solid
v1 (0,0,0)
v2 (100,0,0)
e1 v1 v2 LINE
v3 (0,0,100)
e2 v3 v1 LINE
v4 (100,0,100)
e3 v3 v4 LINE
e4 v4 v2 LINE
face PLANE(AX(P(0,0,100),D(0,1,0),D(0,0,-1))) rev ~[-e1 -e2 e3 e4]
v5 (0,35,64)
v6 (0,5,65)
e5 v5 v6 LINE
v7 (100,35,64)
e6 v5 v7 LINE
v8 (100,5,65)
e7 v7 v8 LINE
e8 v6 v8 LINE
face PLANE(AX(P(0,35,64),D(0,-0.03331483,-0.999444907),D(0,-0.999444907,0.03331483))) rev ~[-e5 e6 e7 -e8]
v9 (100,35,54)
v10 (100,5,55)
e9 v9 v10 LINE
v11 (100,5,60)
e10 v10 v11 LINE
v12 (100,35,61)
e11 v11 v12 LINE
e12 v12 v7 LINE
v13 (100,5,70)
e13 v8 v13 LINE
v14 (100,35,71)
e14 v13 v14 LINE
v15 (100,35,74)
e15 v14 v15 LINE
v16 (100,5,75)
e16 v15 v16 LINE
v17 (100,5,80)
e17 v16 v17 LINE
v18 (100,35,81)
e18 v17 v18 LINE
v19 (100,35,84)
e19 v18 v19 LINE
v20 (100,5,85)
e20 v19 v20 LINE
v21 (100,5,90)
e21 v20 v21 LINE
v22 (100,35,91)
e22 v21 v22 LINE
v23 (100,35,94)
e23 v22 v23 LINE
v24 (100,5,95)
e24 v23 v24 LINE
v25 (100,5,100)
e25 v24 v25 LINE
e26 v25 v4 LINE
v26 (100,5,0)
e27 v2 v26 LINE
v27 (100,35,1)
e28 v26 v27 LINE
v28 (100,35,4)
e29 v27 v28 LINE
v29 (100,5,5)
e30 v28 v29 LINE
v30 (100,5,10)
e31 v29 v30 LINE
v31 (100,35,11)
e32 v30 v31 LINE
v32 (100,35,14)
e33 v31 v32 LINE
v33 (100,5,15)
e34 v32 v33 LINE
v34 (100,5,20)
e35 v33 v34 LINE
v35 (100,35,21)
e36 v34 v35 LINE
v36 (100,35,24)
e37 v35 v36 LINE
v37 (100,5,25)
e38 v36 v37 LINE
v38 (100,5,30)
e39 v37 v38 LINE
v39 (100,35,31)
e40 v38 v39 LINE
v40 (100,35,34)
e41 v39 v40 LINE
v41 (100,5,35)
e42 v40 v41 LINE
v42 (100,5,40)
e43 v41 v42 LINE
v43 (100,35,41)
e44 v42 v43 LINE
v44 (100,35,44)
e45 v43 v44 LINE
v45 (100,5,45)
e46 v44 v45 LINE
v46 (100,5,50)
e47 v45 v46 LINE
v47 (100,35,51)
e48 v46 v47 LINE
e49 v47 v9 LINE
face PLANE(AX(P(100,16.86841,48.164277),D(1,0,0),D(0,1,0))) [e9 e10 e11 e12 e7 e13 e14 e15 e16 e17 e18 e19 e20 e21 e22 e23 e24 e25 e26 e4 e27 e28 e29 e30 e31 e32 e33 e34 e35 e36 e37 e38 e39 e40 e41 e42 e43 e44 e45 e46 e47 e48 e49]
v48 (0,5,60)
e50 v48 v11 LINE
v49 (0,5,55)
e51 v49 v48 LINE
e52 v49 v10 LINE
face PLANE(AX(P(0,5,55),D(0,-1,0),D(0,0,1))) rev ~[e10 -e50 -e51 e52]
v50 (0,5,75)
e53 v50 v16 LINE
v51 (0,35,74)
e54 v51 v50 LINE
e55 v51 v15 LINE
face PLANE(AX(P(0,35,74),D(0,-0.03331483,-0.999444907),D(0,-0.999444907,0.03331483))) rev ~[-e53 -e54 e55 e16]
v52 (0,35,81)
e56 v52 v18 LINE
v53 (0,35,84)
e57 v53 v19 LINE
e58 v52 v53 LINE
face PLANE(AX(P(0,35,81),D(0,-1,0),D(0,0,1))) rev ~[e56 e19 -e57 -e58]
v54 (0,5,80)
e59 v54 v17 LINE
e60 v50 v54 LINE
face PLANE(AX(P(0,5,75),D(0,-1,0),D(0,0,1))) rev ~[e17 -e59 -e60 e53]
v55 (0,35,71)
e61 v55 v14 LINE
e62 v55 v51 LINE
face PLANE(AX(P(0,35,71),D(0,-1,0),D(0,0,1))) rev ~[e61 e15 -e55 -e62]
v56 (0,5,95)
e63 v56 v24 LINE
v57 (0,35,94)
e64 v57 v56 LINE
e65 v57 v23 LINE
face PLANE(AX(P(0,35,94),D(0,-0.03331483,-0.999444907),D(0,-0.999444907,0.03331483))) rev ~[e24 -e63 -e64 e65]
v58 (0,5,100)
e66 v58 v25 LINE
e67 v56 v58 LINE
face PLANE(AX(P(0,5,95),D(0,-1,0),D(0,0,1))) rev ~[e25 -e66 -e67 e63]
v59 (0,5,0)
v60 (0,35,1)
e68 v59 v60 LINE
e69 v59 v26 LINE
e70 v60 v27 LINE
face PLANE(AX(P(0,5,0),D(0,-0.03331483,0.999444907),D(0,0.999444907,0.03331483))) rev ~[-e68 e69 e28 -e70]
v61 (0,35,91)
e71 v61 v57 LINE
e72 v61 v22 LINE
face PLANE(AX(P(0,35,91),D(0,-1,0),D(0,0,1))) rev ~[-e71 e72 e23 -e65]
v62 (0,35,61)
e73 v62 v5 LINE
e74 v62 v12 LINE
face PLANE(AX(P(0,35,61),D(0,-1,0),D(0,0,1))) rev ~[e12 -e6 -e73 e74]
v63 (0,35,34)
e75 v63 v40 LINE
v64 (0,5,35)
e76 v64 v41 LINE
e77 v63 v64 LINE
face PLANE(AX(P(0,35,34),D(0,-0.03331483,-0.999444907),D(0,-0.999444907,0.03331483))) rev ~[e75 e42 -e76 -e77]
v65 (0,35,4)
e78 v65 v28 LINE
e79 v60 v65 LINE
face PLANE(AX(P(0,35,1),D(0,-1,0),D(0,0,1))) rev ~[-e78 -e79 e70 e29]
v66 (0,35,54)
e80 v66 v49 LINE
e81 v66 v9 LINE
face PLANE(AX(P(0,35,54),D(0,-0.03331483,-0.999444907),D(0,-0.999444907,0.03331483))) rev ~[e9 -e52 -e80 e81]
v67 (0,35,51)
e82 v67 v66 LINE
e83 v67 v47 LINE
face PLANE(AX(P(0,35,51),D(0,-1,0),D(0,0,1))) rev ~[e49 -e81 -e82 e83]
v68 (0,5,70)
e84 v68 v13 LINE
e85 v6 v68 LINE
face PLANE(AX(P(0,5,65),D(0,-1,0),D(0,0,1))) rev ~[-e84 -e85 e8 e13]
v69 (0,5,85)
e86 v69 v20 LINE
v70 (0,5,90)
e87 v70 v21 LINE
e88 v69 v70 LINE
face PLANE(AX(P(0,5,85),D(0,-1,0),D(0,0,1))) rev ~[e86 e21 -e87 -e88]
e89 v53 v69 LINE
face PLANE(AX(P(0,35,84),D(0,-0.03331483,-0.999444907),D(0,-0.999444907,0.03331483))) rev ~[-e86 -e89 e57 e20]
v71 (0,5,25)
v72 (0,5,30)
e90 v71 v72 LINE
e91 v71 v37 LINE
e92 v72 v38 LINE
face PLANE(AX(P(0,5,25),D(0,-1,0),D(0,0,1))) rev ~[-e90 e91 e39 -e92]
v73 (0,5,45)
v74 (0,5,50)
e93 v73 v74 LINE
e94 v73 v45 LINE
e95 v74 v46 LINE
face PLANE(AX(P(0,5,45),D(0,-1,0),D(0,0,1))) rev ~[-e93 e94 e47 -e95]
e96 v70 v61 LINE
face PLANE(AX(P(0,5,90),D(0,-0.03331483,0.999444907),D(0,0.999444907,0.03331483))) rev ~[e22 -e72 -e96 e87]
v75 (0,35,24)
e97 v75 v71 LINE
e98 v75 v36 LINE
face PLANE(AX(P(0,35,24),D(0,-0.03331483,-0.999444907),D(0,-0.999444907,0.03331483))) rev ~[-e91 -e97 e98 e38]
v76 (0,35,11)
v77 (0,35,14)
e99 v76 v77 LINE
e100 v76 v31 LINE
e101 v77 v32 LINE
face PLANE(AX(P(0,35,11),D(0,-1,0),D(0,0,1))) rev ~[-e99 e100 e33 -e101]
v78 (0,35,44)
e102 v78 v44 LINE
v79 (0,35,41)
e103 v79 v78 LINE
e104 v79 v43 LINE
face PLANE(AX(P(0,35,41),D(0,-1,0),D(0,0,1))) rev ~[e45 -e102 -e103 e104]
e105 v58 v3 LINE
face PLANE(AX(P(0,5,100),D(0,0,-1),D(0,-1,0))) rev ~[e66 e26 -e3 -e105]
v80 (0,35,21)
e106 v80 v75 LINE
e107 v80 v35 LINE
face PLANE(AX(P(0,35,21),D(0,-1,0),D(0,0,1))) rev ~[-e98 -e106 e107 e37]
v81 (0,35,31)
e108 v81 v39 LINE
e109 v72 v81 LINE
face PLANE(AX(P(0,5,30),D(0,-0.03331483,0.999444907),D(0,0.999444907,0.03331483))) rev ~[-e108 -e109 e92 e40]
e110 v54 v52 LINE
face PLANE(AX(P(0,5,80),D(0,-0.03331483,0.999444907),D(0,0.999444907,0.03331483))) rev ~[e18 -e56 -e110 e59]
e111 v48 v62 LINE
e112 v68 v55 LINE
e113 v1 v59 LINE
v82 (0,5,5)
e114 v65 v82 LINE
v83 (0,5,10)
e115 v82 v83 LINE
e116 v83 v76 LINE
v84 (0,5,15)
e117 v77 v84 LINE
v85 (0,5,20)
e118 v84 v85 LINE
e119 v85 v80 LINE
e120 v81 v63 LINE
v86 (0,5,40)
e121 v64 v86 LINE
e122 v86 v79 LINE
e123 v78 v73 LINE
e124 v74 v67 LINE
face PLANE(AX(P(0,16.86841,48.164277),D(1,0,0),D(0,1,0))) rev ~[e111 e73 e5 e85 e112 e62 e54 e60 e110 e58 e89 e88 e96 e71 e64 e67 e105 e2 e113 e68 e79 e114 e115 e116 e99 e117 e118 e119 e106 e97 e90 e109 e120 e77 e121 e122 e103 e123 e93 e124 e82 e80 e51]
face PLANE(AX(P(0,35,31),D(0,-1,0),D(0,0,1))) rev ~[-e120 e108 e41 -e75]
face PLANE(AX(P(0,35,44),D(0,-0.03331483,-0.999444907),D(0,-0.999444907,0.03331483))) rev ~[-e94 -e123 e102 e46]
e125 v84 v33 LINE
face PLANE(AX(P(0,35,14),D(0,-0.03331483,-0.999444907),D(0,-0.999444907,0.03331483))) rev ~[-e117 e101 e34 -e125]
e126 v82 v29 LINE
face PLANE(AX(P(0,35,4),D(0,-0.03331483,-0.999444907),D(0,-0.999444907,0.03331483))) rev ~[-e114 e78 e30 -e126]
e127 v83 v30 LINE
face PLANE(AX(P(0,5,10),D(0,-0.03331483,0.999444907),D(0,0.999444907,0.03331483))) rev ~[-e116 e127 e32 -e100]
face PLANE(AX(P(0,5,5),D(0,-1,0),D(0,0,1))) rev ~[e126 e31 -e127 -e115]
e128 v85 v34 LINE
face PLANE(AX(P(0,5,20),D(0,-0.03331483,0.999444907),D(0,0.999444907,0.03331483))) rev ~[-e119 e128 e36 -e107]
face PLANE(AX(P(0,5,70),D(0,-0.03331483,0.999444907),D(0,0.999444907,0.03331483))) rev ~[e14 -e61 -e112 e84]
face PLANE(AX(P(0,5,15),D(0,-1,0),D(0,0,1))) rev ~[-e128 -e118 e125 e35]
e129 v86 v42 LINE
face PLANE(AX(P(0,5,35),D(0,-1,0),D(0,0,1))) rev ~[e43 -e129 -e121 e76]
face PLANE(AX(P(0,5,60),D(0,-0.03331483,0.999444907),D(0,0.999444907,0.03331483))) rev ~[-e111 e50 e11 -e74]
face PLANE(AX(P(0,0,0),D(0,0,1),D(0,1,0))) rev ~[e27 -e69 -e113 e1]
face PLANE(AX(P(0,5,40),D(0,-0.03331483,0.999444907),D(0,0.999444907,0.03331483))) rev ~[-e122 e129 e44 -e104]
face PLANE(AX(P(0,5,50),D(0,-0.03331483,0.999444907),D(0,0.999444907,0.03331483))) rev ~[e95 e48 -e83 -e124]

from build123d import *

# Parameters (mm, degrees)
F1_DEPTH = 100
F2_ANGLE = 90


with BuildPart() as f1:
    # F0 (on Front) → F1 (new body)
    with BuildSketch(Plane.XZ):
        Polygon((0, 0), (5, 0), (35, 1), (35, 4), (5, 5), (5, 10), (35, 11), (35, 14), (5, 15), (5, 20), (35, 21), (35, 24), (5, 25), (5, 30), (35, 31), (35, 34), (5, 35), (5, 40), (35, 41), (35, 44), (5, 45), (5, 50), (35, 51), (35, 54), (5, 55), (5, 60), (35, 61), (35, 64), (5, 65), (5, 70), (35, 71), (35, 74), (5, 75), (5, 80), (35, 81), (35, 84), (5, 85), (5, 90), (35, 91), (35, 94), (5, 95), (5, 100), (0, 100), align=None)
    extrude(amount=F1_DEPTH)


with BuildPart() as f1_1:
    # F2: moved
    add(f1.part.rotate(Axis((0, 0, 50), (0, 0, 1)), F2_ANGLE))


solid = f1_1.part
